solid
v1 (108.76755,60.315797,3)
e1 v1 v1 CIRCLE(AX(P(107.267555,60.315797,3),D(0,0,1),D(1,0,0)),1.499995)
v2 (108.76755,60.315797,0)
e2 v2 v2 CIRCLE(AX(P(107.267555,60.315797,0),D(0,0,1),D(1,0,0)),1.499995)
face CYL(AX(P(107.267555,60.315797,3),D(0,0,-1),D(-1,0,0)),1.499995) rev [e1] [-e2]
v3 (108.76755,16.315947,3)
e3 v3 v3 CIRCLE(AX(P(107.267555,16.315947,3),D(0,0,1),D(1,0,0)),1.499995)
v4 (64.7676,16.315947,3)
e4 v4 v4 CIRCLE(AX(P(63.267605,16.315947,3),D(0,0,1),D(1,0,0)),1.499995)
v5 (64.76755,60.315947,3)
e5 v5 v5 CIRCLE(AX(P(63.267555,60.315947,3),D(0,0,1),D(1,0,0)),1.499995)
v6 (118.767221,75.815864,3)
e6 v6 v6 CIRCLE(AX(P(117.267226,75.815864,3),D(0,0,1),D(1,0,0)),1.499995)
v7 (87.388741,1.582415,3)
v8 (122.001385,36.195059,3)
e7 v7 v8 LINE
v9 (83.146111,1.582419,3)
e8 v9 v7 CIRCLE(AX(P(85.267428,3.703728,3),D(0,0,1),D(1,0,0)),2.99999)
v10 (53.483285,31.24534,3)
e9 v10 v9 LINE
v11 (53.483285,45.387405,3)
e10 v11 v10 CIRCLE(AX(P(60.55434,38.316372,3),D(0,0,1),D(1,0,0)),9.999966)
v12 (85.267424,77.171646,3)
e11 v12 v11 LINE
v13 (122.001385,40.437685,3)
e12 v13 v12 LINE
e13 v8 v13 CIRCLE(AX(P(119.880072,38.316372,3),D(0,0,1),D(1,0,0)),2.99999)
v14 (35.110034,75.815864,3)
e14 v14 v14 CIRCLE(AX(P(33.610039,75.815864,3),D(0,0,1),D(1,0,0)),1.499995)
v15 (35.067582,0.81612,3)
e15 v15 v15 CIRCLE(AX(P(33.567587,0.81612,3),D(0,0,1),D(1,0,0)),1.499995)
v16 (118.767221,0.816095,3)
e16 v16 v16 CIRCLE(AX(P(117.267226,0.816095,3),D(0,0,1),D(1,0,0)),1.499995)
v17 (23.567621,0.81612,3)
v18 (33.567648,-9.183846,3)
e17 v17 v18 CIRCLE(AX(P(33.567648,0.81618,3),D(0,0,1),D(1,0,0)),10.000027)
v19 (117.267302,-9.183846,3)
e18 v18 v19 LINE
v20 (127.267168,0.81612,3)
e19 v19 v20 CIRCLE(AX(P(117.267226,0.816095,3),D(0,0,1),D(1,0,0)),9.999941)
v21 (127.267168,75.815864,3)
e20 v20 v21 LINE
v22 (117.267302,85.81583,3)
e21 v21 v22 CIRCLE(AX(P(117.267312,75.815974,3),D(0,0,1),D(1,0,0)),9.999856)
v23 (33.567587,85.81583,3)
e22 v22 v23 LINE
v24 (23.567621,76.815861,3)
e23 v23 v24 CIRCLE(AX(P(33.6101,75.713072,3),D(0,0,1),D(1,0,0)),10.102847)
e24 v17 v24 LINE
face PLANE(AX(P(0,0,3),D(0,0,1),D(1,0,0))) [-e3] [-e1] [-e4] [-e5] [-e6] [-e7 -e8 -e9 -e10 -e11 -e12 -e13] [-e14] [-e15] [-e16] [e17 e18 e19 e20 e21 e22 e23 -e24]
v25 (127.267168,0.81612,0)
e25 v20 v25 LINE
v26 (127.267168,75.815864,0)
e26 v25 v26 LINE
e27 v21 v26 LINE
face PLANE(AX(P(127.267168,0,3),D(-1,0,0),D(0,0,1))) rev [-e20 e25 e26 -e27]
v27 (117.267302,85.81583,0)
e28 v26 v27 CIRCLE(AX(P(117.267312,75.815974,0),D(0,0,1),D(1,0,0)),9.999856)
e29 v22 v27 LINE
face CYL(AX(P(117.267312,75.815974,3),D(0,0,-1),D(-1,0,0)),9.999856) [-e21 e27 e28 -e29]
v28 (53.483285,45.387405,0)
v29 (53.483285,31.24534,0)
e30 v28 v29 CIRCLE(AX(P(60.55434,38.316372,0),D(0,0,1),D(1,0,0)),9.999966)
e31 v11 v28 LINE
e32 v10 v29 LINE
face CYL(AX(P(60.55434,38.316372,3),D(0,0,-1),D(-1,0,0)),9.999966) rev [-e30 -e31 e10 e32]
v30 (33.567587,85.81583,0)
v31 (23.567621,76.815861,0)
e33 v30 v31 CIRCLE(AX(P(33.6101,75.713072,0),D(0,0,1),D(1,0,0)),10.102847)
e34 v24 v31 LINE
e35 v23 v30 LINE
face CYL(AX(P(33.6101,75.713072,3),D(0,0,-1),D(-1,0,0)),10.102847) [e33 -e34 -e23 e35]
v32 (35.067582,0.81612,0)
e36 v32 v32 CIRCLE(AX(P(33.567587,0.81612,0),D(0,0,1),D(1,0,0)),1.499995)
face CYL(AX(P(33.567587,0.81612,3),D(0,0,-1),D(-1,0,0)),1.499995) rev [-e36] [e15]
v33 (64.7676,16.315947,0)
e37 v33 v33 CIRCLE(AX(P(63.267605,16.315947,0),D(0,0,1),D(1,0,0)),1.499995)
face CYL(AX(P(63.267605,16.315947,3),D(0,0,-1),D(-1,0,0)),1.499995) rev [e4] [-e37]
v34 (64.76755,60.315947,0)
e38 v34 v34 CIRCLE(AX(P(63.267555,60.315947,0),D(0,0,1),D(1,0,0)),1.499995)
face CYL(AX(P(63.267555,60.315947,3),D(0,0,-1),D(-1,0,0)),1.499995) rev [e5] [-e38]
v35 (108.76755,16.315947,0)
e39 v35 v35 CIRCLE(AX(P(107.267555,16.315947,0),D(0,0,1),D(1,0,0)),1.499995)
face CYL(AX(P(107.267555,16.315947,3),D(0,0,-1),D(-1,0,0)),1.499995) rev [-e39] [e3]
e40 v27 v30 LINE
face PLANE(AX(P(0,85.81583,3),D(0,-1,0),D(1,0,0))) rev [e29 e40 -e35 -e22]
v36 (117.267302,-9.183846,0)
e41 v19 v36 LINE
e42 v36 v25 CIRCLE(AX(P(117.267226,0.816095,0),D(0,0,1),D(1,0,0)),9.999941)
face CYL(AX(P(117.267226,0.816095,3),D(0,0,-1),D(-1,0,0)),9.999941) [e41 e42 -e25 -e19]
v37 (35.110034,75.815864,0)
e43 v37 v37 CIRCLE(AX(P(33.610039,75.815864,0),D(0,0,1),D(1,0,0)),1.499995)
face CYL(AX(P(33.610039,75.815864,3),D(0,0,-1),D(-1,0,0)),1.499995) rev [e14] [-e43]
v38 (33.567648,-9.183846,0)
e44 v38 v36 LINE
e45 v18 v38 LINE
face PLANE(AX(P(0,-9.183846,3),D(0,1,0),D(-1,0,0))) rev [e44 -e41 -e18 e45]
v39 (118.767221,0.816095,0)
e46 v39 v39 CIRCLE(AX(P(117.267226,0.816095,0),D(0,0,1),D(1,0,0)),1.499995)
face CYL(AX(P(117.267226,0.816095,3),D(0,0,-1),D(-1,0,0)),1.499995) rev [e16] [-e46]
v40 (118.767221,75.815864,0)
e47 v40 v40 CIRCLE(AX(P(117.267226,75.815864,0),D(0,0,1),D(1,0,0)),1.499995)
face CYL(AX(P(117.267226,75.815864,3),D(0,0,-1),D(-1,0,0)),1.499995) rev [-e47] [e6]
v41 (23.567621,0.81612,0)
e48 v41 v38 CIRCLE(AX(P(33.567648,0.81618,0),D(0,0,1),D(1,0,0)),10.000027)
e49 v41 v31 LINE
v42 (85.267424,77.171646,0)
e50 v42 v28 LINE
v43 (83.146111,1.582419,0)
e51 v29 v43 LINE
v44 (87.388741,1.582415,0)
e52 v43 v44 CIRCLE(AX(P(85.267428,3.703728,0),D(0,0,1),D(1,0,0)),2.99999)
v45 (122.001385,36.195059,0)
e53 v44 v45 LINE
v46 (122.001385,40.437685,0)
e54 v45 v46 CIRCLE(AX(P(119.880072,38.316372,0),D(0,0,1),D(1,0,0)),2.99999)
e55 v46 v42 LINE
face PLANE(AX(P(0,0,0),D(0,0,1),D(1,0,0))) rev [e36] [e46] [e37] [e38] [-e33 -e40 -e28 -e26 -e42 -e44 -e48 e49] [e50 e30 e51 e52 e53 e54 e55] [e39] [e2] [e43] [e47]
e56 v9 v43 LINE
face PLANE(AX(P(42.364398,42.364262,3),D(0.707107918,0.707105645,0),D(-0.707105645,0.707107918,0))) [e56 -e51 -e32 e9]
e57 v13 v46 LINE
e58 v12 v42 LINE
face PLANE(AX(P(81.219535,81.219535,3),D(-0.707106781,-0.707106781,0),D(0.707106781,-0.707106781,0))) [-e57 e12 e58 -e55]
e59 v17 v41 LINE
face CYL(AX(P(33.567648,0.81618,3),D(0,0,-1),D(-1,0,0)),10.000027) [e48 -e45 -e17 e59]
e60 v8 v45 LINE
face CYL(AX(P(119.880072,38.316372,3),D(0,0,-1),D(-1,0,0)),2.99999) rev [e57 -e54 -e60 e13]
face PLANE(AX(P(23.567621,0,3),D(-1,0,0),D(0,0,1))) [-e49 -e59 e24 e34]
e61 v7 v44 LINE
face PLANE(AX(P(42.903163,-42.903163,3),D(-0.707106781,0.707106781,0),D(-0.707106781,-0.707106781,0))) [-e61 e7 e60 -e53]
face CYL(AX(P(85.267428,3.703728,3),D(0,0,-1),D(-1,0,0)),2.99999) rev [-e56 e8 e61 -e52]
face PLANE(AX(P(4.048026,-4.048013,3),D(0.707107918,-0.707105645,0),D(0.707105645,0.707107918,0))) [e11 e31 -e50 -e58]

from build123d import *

# Parameters (mm, degrees)
MODEL_R             = 1.499994887
BOSS_EXTRUDE1_DEPTH = 3


with BuildPart() as part:
    # Model → Boss-Extrude1 (new body)
    with BuildSketch(Plane.XY):
        with BuildLine():
            ThreePointArc((127.267167807, 75.815864008), (124.338313147, 82.886904548), (117.267301896, 85.815829919))
            Line((117.267301896, 85.815829919), (33.567587225, 85.815829919))
            ThreePointArc((33.567587225, 85.815829919), (26.851651545, 83.222459398), (23.567621314, 76.815860599))
            Line((23.567621314, 76.815860599), (23.567621314, 67.211322932))
            Line((23.567621314, 67.211322932), (23.567621314, 11.790716994))
            Line((23.567621314, 11.790716994), (23.567621314, 0.81611968))
            ThreePointArc((23.567621314, 0.81611968), (26.49658283, -6.254927716), (33.567648038, -9.183846231))
            Line((33.567648038, -9.183846231), (117.267301896, -9.183846231))
            ThreePointArc((117.267301896, -9.183846231), (124.338288146, -6.25489586), (127.267167807, 0.816119679))
            Line((127.267167807, 0.816119679), (127.267167807, 11.594182037))
            Line((127.267167807, 11.594182037), (127.267167807, 49.315954345))
            Line((127.267167807, 49.315954345), (127.267167807, 75.815864008))
        make_face()
        with Locations((33.567587225, 0.816119679)):
            Circle(MODEL_R, mode=Mode.SUBTRACT)
        with Locations((63.267605432, 16.315947389)):
            Circle(MODEL_R, mode=Mode.SUBTRACT)
        with Locations((117.267226438, 0.816095138)):
            Circle(MODEL_R, mode=Mode.SUBTRACT)
        with Locations((107.26755543, 16.315947389)):
            Circle(MODEL_R, mode=Mode.SUBTRACT)
        with Locations((63.267555431, 60.315947389)):
            Circle(MODEL_R, mode=Mode.SUBTRACT)
        with Locations((33.610039072, 75.815864008)):
            Circle(MODEL_R, mode=Mode.SUBTRACT)
        with BuildLine():
            Line((53.483284952, 45.387404724), (75.735868353, 67.640059648))
            Line((75.735868353, 67.640059648), (82.064163104, 73.968374739))
            Line((82.064163104, 73.968374739), (85.267424216, 77.171646146))
            Line((85.267424216, 77.171646146), (89.463558538, 72.975511824))
            Line((89.463558538, 72.975511824), (122.001384869, 40.437685493))
            ThreePointArc((122.001384869, 40.437685493), (122.88006153, 38.316372381), (122.001384869, 36.195059268))
            Line((122.001384869, 36.195059268), (87.388740737, 1.582415136))
            ThreePointArc((87.388740737, 1.582415136), (85.267425214, 0.703738475), (83.146111103, 1.582418545))
            Line((83.146111103, 1.582418545), (53.483284952, 31.245340037))
            ThreePointArc((53.483284952, 31.245340037), (50.554374112, 38.316372381), (53.483284952, 45.387404724))
        make_face(mode=Mode.SUBTRACT)
        with Locations((107.26755543, 60.315797391)):
            Circle(MODEL_R, mode=Mode.SUBTRACT)
        with Locations((117.267226438, 75.815864008)):
            Circle(MODEL_R, mode=Mode.SUBTRACT)
    extrude(amount=BOSS_EXTRUDE1_DEPTH)


solid = part.part
